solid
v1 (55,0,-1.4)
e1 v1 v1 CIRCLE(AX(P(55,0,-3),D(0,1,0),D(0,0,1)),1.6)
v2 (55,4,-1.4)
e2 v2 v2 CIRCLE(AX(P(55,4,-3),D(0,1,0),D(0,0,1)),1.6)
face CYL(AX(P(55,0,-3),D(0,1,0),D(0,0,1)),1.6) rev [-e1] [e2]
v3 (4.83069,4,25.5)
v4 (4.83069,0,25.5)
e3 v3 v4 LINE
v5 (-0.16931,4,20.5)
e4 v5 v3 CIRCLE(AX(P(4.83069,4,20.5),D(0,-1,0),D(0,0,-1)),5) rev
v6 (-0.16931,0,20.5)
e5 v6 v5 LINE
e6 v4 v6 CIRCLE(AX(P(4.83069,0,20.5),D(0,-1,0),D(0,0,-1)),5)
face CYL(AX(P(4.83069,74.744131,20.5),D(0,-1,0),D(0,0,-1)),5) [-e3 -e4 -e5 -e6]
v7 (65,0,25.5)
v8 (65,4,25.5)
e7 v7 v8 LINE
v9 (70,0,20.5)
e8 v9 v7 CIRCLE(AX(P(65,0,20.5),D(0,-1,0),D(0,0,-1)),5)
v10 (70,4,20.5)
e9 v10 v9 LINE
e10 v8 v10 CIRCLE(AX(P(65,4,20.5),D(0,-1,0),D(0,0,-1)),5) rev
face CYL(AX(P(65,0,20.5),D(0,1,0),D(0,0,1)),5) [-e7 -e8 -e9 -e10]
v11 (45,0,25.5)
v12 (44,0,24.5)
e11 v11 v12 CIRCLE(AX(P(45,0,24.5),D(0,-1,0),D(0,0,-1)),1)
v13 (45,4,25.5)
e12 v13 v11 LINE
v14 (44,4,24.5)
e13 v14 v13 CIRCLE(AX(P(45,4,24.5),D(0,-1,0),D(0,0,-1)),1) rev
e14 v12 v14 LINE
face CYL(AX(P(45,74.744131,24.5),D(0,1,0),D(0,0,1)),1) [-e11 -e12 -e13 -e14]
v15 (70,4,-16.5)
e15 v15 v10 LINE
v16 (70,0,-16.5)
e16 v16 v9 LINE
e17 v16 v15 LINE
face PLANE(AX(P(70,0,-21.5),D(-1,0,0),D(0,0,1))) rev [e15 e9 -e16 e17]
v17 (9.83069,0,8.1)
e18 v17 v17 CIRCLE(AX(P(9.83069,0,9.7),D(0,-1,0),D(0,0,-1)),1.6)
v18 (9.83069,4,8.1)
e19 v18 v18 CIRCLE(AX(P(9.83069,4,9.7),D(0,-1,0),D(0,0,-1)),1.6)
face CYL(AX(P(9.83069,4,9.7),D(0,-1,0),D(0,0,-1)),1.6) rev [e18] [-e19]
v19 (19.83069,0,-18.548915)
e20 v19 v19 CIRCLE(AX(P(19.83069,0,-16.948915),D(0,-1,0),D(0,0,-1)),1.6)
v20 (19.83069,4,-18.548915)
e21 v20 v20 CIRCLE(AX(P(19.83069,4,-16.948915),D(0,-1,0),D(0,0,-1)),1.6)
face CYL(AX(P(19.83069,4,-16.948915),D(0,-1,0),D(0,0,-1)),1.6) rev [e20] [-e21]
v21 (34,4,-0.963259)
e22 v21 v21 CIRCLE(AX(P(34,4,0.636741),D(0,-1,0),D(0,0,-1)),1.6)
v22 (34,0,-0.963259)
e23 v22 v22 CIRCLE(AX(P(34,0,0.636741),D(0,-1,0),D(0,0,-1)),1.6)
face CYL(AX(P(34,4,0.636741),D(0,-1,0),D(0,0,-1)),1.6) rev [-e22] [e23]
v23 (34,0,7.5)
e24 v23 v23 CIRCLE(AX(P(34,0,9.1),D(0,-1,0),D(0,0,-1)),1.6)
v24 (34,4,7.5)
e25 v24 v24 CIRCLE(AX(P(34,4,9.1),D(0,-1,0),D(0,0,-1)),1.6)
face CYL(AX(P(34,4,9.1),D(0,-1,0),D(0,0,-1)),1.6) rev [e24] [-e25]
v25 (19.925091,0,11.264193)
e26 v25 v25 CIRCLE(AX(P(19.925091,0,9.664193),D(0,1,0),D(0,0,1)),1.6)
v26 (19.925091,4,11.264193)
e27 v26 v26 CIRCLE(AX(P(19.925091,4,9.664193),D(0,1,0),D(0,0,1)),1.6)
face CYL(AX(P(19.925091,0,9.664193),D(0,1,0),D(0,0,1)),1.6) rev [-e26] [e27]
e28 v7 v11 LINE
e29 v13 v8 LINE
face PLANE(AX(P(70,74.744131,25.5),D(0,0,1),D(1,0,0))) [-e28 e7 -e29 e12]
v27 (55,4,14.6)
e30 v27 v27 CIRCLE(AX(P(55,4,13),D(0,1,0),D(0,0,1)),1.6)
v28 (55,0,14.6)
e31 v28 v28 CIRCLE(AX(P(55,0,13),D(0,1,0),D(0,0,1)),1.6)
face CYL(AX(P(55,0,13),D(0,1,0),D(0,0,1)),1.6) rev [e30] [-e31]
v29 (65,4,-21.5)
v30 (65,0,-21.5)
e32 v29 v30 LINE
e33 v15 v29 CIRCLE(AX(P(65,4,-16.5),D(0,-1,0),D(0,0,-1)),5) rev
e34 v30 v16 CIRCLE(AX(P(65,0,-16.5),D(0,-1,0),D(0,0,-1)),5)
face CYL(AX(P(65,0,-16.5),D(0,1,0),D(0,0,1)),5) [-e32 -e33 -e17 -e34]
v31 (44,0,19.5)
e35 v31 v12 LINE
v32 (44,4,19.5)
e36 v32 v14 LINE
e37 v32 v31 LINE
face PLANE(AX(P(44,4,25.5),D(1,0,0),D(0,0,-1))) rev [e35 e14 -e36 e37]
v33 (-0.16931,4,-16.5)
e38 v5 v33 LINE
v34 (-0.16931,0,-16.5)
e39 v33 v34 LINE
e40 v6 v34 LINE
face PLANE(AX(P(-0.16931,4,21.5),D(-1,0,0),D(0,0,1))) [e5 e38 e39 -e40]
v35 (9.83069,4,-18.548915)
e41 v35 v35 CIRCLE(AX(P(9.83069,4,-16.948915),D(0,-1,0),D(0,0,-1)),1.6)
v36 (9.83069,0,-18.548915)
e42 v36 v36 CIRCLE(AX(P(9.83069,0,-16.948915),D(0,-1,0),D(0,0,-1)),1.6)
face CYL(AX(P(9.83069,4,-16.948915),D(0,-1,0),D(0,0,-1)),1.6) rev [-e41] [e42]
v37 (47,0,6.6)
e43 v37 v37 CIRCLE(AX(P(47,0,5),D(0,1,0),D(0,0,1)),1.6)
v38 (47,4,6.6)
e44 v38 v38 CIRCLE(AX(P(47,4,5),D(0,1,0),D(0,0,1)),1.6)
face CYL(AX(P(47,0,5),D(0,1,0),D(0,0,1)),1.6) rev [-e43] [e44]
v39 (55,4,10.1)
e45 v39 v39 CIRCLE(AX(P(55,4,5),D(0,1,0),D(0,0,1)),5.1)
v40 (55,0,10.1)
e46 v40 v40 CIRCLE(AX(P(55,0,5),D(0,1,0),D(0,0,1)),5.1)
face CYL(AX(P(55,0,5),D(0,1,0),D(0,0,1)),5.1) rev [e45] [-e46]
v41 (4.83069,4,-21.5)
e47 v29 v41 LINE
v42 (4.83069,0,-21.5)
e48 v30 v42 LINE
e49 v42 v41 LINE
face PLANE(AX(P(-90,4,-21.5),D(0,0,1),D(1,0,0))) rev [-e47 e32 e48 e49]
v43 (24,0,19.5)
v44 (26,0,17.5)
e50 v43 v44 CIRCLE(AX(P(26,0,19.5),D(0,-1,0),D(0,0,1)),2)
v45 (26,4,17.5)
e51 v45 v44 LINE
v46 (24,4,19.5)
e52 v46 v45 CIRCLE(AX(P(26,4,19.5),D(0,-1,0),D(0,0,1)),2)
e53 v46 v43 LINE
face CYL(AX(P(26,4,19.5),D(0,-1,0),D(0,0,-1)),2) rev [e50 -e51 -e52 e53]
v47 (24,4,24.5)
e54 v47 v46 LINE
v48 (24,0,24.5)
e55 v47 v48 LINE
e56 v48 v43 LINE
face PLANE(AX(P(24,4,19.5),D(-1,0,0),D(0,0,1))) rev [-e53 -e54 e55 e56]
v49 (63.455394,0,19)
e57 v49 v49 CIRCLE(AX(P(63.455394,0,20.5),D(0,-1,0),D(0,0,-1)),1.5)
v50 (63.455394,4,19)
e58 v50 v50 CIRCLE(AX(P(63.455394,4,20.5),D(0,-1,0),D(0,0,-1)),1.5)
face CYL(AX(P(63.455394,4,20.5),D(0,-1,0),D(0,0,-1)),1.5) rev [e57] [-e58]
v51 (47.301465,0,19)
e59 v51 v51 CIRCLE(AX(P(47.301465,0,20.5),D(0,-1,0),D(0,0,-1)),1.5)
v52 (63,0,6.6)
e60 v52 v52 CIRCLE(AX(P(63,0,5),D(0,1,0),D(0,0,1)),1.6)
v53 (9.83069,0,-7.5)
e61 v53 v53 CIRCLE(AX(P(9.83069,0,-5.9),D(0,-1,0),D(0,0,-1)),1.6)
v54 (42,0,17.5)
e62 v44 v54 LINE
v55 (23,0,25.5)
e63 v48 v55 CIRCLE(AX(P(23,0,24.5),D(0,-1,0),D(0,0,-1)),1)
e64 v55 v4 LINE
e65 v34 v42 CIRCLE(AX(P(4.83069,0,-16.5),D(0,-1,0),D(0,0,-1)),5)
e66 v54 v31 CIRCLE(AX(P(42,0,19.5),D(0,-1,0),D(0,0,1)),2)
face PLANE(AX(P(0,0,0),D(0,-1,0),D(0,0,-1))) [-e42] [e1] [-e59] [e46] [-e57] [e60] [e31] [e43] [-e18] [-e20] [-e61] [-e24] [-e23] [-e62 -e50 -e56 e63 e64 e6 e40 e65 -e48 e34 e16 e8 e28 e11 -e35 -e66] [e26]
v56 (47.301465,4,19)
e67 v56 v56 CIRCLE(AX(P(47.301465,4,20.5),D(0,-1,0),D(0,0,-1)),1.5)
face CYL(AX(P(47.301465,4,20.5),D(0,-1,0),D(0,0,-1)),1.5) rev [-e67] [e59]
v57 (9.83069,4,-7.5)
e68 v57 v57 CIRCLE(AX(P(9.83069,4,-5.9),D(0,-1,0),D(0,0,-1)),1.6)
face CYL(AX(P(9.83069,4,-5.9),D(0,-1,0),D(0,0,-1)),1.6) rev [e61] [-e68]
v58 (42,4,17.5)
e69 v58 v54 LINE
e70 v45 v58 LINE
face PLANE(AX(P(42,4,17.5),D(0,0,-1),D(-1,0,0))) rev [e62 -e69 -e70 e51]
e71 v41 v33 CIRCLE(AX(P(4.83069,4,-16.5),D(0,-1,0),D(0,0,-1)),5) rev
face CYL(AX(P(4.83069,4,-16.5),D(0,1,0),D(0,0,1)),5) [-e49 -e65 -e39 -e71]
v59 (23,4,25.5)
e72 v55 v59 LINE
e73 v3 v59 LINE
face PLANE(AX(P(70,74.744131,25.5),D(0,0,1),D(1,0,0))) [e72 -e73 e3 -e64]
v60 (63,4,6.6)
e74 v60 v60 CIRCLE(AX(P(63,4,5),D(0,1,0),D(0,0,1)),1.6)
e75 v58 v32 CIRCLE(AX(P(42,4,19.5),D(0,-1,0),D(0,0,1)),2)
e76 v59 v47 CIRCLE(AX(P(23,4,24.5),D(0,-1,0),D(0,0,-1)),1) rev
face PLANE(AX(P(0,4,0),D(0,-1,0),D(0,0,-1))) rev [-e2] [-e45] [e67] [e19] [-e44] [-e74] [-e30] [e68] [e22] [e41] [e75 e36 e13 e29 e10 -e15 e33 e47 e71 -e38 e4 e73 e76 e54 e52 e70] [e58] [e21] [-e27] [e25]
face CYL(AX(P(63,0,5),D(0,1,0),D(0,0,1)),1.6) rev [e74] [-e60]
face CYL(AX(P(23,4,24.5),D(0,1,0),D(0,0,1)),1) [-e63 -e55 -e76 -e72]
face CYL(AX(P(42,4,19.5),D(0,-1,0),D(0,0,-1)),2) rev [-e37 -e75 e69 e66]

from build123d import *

# Parameters (mm, degrees)
SKETCH_1_W                = 180
SKETCH_1_H                = 43
EXTRUDE_335_DEPTH         = 4
SKETCH_2_R                = 5.1
SKETCH_2_R_2              = 1.6
CUT_EXTRUDE_616_DEPTH     = 5
SKETCH_10_W               = 20
SKETCH_10_H               = 43
CUT_EXTRUDE_3591_DEPTH    = 5
SKETCH_11_W               = 18
SKETCH_11_H               = 43
EXTRUDE_3904_DEPTH        = 4
SKETCH_12_W               = 40
SKETCH_12_H               = 13
CUT_EXTRUDE_3_DEPTH       = 10
SKETCH_14_R               = 1.6
CUT_EXTRUDE_4861_DEPTH    = 10
SKETCH_15_R               = 1.6
CUT_EXTRUDE_5298_DEPTH    = 5
PATTERN_LINEAR_5588_COUNT = 2
PATTERN_LINEAR_5588_PITCH = 29.8
CUT_EXTRUDE_6381_DEPTH    = 5
SKETCH_19_W               = 104
SKETCH_19_H               = 43
CUT_EXTRUDE_7034_DEPTH    = 5
FILLET_9_R                = 5
CUT_EXTRUDE_1_DEPTH       = 5
SKETCH_30_W               = 2
SKETCH_30_H               = 43
EXTRUDE_1_DEPTH           = 4
SKETCH_32_W               = 9
SKETCH_32_H               = 43
EXTRUDE_2_DEPTH           = 4
FILLET_11_R               = 5
EXTRUDE_3_DEPTH           = 4
FILLET_12_R               = 5
SKETCH_34_R               = 1.500000001
SKETCH_34_R_2             = 1.500000004
CUT_EXTRUDE_3_2_DEPTH     = 5
SKETCH_35_R               = 1.6
CUT_EXTRUDE_4_DEPTH       = 5
SKETCH_36_R               = 1.6
CUT_EXTRUDE_5_DEPTH       = 5
SKETCH_37_R               = 1.6
CUT_EXTRUDE_6_DEPTH       = 5
CUT_EXTRUDE_7_DEPTH       = 5
FILLET_15_R               = 1


with BuildPart() as part:
    # 草图1 → Extrude 335 (new body)
    with BuildSketch(Plane(origin=(0, 0, 0), x_dir=(1, 0, 0), z_dir=(0, 1, 0))):
        Rectangle(SKETCH_1_W, SKETCH_1_H)
    extrude(amount=EXTRUDE_335_DEPTH)

    # 草图2 → Cut-Extrude 616 (cut, through all)
    with BuildSketch(Plane(origin=(0, 4, 0), x_dir=(1, 0, 0), z_dir=(0, 1, 0))):
        with Locations((55, -5)):
            Circle(SKETCH_2_R)
        with Locations((63, -5)):
            Circle(SKETCH_2_R_2)
        with Locations((55, -13)):
            Circle(SKETCH_2_R_2)
        with Locations((47, -5)):
            Circle(SKETCH_2_R_2)
        with Locations((55, 3)):
            Circle(SKETCH_2_R_2)
    extrude(amount=-CUT_EXTRUDE_616_DEPTH, mode=Mode.SUBTRACT)

    # 草图10 → Cut-Extrude 3591 (cut, through all)
    with BuildSketch(Plane(origin=(0, 4, 0), x_dir=(1, 0, 0), z_dir=(0, 1, 0))):
        with Locations((80, 0)):
            Rectangle(SKETCH_10_W, SKETCH_10_H)
    extrude(amount=-CUT_EXTRUDE_3591_DEPTH, mode=Mode.SUBTRACT)

    # 草图11 → Extrude 3904 (add, through all)
    with BuildSketch(Plane(origin=(0, 4, 0), x_dir=(1, 0, 0), z_dir=(0, 1, 0))):
        with Locations((-99, 0)):
            Rectangle(SKETCH_11_W, SKETCH_11_H)
    extrude(amount=-EXTRUDE_3904_DEPTH)

    # 草图12 → Cut-Extrude 3 (cut)
    with BuildSketch(Plane(origin=(0, 4, 0), x_dir=(1, 0, 0), z_dir=(0, 1, 0))):
        with Locations((-88, -21.5)):
            Rectangle(SKETCH_12_W, SKETCH_12_H)
    extrude(amount=-CUT_EXTRUDE_3_DEPTH, mode=Mode.SUBTRACT)

    # 草图14 → Cut-Extrude 4861 (cut)
    with BuildSketch(Plane(origin=(0, 4, 0), x_dir=(1, 0, 0), z_dir=(0, 1, 0))):
        with Locations((46, -18.5)):
            Circle(SKETCH_14_R)
        with Locations((64, -18.5)):
            Circle(SKETCH_14_R)
    extrude(amount=-CUT_EXTRUDE_4861_DEPTH, mode=Mode.SUBTRACT)

    # 草图15 → Cut-Extrude 5298 (cut, through all)
    with BuildSketch(Plane(origin=(0, 4, 0), x_dir=(1, 0, 0), z_dir=(0, 1, 0))):
        with Locations((-102.9, 3.25)):
            Circle(SKETCH_15_R)
        with Locations((-73.1, 3.25)):
            Circle(SKETCH_15_R)
    extrude(amount=-CUT_EXTRUDE_5298_DEPTH, mode=Mode.SUBTRACT)

    # 草图16 → Cut-Revolve 5530 (revolve, cut)
    with BuildSketch(Plane.XY.offset(-3.25)):
        Polygon((-102.9, 0), (-99.7, 0), (-101.3, 1.6), (-102.9, 1.6), align=None)
    cut_revolve_5530 = revolve(axis=Axis((-102.9, -994.071718491, -3.25), (0, 1, 0)), mode=Mode.SUBTRACT)

    # Pattern Linear 5588: Cut-Revolve 5530 ×2
    with Locations(*[(i * PATTERN_LINEAR_5588_PITCH, 0, 0) for i in range(1, PATTERN_LINEAR_5588_COUNT)]):
        add(cut_revolve_5530, mode=Mode.SUBTRACT)

    # 草图17 → Cut-Extrude 6381 (cut, through all)
    with BuildSketch(Plane.XZ):
        with BuildLine():
            Line((-104.45, 3.75), (-101.35, 3.75))
            ThreePointArc((-101.35, 3.75), (-99.85, 5.25), (-101.35, 6.75))
            Line((-101.35, 6.75), (-101.35, 9.75))
            ThreePointArc((-101.35, 9.75), (-99.85, 11.25), (-101.35, 12.75))
            Line((-101.35, 12.75), (-104.45, 12.75))
            ThreePointArc((-104.45, 12.75), (-105.95, 11.25), (-104.45, 9.75))
            Line((-104.45, 9.75), (-104.45, 6.75))
            ThreePointArc((-104.45, 6.75), (-105.95, 5.25), (-104.45, 3.75))
        make_face()
        with BuildLine():
            Line((-104.45, -16.25), (-104.45, -13.25))
            ThreePointArc((-104.45, -13.25), (-105.95, -11.75), (-104.45, -10.25))
            Line((-104.45, -10.25), (-101.35, -10.25))
            ThreePointArc((-101.35, -10.25), (-99.85, -11.75), (-101.35, -13.25))
            Line((-101.35, -13.25), (-101.35, -16.25))
            ThreePointArc((-101.35, -16.25), (-99.85, -17.75), (-101.35, -19.25))
            Line((-101.35, -19.25), (-104.45, -19.25))
            ThreePointArc((-104.45, -19.25), (-105.95, -17.75), (-104.45, -16.25))
        make_face()
        with BuildLine():
            Line((-71.55, -16.25), (-71.55, -13.25))
            ThreePointArc((-71.55, -13.25), (-70.05, -11.75), (-71.55, -10.25))
            Line((-71.55, -10.25), (-74.65, -10.25))
            ThreePointArc((-74.65, -10.25), (-76.15, -11.75), (-74.65, -13.25))
            Line((-74.65, -13.25), (-74.65, -16.25))
            ThreePointArc((-74.65, -16.25), (-76.15, -17.75), (-74.65, -19.25))
            Line((-74.65, -19.25), (-71.55, -19.25))
            ThreePointArc((-71.55, -19.25), (-70.05, -17.75), (-71.55, -16.25))
        make_face()
        with BuildLine():
            Line((-71.55, 9.75), (-71.55, 6.75))
            ThreePointArc((-71.55, 6.75), (-70.05, 5.25), (-71.55, 3.75))
            Line((-71.55, 3.75), (-74.65, 3.75))
            ThreePointArc((-74.65, 3.75), (-76.15, 5.25), (-74.65, 6.75))
            Line((-74.65, 6.75), (-74.65, 9.75))
            ThreePointArc((-74.65, 9.75), (-76.15, 11.25), (-74.65, 12.75))
            Line((-74.65, 12.75), (-71.55, 12.75))
            ThreePointArc((-71.55, 12.75), (-70.05, 11.25), (-71.55, 9.75))
        make_face()
    extrude(amount=-CUT_EXTRUDE_6381_DEPTH, mode=Mode.SUBTRACT)

    # 草图19 → Cut-Extrude 7034 (cut, through all)
    with BuildSketch(Plane(origin=(0, 4, 0), x_dir=(1, 0, 0), z_dir=(0, 1, 0))):
        with Locations((-56, 0)):
            Rectangle(SKETCH_19_W, SKETCH_19_H)
    extrude(amount=-CUT_EXTRUDE_7034_DEPTH, mode=Mode.SUBTRACT)

    # 圆角9
    fillet_9_edges = [part.edges().sort_by_distance(p)[0] for p in [
        (-4, 2, 21.5),
        (-4, 2, -21.5),
        (70, 2, 21.5),
        (70, 2, -21.5),
    ]]
    fillet(fillet_9_edges, radius=FILLET_9_R)

    # 草图29 → Cut-Extrude 1 (cut, through all)
    with BuildSketch(Plane(origin=(0, 4, 0), x_dir=(1, 0, 0), z_dir=(0, 1, 0))):
        Polygon((1, 21.5), (10.830690118, 21.5), (10.830690118, -21.5), (1, -21.5), (-4.254253264, -21.5), (-4.254253264, 21.5), align=None)
    extrude(amount=-CUT_EXTRUDE_1_DEPTH, mode=Mode.SUBTRACT)

    # 草图30 → 凸台-拉伸1 (add)
    with BuildSketch(Plane(origin=(0, 4, 0), x_dir=(1, 0, 0), z_dir=(0, 1, 0))):
        with Locations((9.830690118, 0)):
            Rectangle(SKETCH_30_W, SKETCH_30_H)
    extrude(amount=-EXTRUDE_1_DEPTH)

    # 草图32 → Extrude 2 (add)
    with BuildSketch(Plane.XZ):
        with Locations((4.330690118, 0)):
            Rectangle(SKETCH_32_W, SKETCH_32_H)
    extrude(amount=-EXTRUDE_2_DEPTH)

    # 圆角11
    fillet_11_edges = [part.edges().sort_by_distance(p)[0] for p in [
        (-0.169309882, 2, -21.5),
        (-0.169309882, 2, 21.5),
    ]]
    fillet(fillet_11_edges, radius=FILLET_11_R)

    # 草图33 → 凸台-拉伸3 (add)
    with BuildSketch(Plane.XZ):
        Polygon((70, 16.5), (70, 25.500000005), (65, 25.500000005), (0, 25.500000005), (-0.169309882, 25.500000005), (-0.169309882, 16.5), align=None)
    extrude(amount=-EXTRUDE_3_DEPTH)

    # 圆角12
    fillet_12_edges = [part.edges().sort_by_distance(p)[0] for p in [
        (-0.169309882, 2, 25.500000005),
        (70, 2, 25.500000005),
    ]]
    fillet(fillet_12_edges, radius=FILLET_12_R)

    # 草图34 → Cut-Extrude 3 2 (cut, through all)
    with BuildSketch(Plane.XZ):
        with Locations((63.455393867, 20.5)):
            Circle(SKETCH_34_R)
        with Locations((47.301465353, 20.5)):
            Circle(SKETCH_34_R_2)
    extrude(amount=-CUT_EXTRUDE_3_2_DEPTH, mode=Mode.SUBTRACT)

    # 草图35 → 切除-拉伸4 (cut, through all)
    with BuildSketch(Plane.XZ):
        with Locations((34, 0.636740591)):
            Circle(SKETCH_35_R)
        with Locations((34, 9.1)):
            Circle(SKETCH_35_R)
    extrude(amount=-CUT_EXTRUDE_4_DEPTH, mode=Mode.SUBTRACT)

    # 草图36 → 切除-拉伸5 (cut, through all)
    with BuildSketch(Plane.XZ):
        with Locations((9.830690118, -5.9)):
            Circle(SKETCH_36_R)
        with Locations((9.830690118, 9.7)):
            Circle(SKETCH_36_R)
        with Locations((9.830690118, -16.948915218)):
            Circle(SKETCH_36_R)
        with Locations((19.830690118, -16.948915218)):
            Circle(SKETCH_36_R)
    extrude(amount=-CUT_EXTRUDE_5_DEPTH, mode=Mode.SUBTRACT)

    # 草图37 → 切除-拉伸6 (cut, through all)
    with BuildSketch(Plane(origin=(0, 4, 0), x_dir=(1, 0, 0), z_dir=(0, 1, 0))):
        with Locations((19.925091374, -9.664193429)):
            Circle(SKETCH_37_R)
    extrude(amount=-CUT_EXTRUDE_6_DEPTH, mode=Mode.SUBTRACT)

    # 草图38 → 切除-拉伸7 (cut, through all)
    with BuildSketch(Plane.XZ):
        with BuildLine():
            Line((44, 25.500000005), (44, 19.500000005))
            ThreePointArc((44, 19.500000005), (43.414213562, 18.085786442), (42, 17.500000005))
            Line((42, 17.500000005), (26, 17.500000005))
            ThreePointArc((26, 17.500000005), (24.585786438, 18.085786442), (24, 19.500000005))
            Line((24, 19.500000005), (24, 25.500000005))
            Line((24, 25.500000005), (44, 25.500000005))
        make_face()
    extrude(amount=-CUT_EXTRUDE_7_DEPTH, mode=Mode.SUBTRACT)

    # 圆角15
    fillet_15_edges = [part.edges().sort_by_distance(p)[0] for p in [
        (24, 2, 25.500000005),
        (44, 2, 25.500000005),
    ]]
    fillet(fillet_15_edges, radius=FILLET_15_R)


solid = part.part
